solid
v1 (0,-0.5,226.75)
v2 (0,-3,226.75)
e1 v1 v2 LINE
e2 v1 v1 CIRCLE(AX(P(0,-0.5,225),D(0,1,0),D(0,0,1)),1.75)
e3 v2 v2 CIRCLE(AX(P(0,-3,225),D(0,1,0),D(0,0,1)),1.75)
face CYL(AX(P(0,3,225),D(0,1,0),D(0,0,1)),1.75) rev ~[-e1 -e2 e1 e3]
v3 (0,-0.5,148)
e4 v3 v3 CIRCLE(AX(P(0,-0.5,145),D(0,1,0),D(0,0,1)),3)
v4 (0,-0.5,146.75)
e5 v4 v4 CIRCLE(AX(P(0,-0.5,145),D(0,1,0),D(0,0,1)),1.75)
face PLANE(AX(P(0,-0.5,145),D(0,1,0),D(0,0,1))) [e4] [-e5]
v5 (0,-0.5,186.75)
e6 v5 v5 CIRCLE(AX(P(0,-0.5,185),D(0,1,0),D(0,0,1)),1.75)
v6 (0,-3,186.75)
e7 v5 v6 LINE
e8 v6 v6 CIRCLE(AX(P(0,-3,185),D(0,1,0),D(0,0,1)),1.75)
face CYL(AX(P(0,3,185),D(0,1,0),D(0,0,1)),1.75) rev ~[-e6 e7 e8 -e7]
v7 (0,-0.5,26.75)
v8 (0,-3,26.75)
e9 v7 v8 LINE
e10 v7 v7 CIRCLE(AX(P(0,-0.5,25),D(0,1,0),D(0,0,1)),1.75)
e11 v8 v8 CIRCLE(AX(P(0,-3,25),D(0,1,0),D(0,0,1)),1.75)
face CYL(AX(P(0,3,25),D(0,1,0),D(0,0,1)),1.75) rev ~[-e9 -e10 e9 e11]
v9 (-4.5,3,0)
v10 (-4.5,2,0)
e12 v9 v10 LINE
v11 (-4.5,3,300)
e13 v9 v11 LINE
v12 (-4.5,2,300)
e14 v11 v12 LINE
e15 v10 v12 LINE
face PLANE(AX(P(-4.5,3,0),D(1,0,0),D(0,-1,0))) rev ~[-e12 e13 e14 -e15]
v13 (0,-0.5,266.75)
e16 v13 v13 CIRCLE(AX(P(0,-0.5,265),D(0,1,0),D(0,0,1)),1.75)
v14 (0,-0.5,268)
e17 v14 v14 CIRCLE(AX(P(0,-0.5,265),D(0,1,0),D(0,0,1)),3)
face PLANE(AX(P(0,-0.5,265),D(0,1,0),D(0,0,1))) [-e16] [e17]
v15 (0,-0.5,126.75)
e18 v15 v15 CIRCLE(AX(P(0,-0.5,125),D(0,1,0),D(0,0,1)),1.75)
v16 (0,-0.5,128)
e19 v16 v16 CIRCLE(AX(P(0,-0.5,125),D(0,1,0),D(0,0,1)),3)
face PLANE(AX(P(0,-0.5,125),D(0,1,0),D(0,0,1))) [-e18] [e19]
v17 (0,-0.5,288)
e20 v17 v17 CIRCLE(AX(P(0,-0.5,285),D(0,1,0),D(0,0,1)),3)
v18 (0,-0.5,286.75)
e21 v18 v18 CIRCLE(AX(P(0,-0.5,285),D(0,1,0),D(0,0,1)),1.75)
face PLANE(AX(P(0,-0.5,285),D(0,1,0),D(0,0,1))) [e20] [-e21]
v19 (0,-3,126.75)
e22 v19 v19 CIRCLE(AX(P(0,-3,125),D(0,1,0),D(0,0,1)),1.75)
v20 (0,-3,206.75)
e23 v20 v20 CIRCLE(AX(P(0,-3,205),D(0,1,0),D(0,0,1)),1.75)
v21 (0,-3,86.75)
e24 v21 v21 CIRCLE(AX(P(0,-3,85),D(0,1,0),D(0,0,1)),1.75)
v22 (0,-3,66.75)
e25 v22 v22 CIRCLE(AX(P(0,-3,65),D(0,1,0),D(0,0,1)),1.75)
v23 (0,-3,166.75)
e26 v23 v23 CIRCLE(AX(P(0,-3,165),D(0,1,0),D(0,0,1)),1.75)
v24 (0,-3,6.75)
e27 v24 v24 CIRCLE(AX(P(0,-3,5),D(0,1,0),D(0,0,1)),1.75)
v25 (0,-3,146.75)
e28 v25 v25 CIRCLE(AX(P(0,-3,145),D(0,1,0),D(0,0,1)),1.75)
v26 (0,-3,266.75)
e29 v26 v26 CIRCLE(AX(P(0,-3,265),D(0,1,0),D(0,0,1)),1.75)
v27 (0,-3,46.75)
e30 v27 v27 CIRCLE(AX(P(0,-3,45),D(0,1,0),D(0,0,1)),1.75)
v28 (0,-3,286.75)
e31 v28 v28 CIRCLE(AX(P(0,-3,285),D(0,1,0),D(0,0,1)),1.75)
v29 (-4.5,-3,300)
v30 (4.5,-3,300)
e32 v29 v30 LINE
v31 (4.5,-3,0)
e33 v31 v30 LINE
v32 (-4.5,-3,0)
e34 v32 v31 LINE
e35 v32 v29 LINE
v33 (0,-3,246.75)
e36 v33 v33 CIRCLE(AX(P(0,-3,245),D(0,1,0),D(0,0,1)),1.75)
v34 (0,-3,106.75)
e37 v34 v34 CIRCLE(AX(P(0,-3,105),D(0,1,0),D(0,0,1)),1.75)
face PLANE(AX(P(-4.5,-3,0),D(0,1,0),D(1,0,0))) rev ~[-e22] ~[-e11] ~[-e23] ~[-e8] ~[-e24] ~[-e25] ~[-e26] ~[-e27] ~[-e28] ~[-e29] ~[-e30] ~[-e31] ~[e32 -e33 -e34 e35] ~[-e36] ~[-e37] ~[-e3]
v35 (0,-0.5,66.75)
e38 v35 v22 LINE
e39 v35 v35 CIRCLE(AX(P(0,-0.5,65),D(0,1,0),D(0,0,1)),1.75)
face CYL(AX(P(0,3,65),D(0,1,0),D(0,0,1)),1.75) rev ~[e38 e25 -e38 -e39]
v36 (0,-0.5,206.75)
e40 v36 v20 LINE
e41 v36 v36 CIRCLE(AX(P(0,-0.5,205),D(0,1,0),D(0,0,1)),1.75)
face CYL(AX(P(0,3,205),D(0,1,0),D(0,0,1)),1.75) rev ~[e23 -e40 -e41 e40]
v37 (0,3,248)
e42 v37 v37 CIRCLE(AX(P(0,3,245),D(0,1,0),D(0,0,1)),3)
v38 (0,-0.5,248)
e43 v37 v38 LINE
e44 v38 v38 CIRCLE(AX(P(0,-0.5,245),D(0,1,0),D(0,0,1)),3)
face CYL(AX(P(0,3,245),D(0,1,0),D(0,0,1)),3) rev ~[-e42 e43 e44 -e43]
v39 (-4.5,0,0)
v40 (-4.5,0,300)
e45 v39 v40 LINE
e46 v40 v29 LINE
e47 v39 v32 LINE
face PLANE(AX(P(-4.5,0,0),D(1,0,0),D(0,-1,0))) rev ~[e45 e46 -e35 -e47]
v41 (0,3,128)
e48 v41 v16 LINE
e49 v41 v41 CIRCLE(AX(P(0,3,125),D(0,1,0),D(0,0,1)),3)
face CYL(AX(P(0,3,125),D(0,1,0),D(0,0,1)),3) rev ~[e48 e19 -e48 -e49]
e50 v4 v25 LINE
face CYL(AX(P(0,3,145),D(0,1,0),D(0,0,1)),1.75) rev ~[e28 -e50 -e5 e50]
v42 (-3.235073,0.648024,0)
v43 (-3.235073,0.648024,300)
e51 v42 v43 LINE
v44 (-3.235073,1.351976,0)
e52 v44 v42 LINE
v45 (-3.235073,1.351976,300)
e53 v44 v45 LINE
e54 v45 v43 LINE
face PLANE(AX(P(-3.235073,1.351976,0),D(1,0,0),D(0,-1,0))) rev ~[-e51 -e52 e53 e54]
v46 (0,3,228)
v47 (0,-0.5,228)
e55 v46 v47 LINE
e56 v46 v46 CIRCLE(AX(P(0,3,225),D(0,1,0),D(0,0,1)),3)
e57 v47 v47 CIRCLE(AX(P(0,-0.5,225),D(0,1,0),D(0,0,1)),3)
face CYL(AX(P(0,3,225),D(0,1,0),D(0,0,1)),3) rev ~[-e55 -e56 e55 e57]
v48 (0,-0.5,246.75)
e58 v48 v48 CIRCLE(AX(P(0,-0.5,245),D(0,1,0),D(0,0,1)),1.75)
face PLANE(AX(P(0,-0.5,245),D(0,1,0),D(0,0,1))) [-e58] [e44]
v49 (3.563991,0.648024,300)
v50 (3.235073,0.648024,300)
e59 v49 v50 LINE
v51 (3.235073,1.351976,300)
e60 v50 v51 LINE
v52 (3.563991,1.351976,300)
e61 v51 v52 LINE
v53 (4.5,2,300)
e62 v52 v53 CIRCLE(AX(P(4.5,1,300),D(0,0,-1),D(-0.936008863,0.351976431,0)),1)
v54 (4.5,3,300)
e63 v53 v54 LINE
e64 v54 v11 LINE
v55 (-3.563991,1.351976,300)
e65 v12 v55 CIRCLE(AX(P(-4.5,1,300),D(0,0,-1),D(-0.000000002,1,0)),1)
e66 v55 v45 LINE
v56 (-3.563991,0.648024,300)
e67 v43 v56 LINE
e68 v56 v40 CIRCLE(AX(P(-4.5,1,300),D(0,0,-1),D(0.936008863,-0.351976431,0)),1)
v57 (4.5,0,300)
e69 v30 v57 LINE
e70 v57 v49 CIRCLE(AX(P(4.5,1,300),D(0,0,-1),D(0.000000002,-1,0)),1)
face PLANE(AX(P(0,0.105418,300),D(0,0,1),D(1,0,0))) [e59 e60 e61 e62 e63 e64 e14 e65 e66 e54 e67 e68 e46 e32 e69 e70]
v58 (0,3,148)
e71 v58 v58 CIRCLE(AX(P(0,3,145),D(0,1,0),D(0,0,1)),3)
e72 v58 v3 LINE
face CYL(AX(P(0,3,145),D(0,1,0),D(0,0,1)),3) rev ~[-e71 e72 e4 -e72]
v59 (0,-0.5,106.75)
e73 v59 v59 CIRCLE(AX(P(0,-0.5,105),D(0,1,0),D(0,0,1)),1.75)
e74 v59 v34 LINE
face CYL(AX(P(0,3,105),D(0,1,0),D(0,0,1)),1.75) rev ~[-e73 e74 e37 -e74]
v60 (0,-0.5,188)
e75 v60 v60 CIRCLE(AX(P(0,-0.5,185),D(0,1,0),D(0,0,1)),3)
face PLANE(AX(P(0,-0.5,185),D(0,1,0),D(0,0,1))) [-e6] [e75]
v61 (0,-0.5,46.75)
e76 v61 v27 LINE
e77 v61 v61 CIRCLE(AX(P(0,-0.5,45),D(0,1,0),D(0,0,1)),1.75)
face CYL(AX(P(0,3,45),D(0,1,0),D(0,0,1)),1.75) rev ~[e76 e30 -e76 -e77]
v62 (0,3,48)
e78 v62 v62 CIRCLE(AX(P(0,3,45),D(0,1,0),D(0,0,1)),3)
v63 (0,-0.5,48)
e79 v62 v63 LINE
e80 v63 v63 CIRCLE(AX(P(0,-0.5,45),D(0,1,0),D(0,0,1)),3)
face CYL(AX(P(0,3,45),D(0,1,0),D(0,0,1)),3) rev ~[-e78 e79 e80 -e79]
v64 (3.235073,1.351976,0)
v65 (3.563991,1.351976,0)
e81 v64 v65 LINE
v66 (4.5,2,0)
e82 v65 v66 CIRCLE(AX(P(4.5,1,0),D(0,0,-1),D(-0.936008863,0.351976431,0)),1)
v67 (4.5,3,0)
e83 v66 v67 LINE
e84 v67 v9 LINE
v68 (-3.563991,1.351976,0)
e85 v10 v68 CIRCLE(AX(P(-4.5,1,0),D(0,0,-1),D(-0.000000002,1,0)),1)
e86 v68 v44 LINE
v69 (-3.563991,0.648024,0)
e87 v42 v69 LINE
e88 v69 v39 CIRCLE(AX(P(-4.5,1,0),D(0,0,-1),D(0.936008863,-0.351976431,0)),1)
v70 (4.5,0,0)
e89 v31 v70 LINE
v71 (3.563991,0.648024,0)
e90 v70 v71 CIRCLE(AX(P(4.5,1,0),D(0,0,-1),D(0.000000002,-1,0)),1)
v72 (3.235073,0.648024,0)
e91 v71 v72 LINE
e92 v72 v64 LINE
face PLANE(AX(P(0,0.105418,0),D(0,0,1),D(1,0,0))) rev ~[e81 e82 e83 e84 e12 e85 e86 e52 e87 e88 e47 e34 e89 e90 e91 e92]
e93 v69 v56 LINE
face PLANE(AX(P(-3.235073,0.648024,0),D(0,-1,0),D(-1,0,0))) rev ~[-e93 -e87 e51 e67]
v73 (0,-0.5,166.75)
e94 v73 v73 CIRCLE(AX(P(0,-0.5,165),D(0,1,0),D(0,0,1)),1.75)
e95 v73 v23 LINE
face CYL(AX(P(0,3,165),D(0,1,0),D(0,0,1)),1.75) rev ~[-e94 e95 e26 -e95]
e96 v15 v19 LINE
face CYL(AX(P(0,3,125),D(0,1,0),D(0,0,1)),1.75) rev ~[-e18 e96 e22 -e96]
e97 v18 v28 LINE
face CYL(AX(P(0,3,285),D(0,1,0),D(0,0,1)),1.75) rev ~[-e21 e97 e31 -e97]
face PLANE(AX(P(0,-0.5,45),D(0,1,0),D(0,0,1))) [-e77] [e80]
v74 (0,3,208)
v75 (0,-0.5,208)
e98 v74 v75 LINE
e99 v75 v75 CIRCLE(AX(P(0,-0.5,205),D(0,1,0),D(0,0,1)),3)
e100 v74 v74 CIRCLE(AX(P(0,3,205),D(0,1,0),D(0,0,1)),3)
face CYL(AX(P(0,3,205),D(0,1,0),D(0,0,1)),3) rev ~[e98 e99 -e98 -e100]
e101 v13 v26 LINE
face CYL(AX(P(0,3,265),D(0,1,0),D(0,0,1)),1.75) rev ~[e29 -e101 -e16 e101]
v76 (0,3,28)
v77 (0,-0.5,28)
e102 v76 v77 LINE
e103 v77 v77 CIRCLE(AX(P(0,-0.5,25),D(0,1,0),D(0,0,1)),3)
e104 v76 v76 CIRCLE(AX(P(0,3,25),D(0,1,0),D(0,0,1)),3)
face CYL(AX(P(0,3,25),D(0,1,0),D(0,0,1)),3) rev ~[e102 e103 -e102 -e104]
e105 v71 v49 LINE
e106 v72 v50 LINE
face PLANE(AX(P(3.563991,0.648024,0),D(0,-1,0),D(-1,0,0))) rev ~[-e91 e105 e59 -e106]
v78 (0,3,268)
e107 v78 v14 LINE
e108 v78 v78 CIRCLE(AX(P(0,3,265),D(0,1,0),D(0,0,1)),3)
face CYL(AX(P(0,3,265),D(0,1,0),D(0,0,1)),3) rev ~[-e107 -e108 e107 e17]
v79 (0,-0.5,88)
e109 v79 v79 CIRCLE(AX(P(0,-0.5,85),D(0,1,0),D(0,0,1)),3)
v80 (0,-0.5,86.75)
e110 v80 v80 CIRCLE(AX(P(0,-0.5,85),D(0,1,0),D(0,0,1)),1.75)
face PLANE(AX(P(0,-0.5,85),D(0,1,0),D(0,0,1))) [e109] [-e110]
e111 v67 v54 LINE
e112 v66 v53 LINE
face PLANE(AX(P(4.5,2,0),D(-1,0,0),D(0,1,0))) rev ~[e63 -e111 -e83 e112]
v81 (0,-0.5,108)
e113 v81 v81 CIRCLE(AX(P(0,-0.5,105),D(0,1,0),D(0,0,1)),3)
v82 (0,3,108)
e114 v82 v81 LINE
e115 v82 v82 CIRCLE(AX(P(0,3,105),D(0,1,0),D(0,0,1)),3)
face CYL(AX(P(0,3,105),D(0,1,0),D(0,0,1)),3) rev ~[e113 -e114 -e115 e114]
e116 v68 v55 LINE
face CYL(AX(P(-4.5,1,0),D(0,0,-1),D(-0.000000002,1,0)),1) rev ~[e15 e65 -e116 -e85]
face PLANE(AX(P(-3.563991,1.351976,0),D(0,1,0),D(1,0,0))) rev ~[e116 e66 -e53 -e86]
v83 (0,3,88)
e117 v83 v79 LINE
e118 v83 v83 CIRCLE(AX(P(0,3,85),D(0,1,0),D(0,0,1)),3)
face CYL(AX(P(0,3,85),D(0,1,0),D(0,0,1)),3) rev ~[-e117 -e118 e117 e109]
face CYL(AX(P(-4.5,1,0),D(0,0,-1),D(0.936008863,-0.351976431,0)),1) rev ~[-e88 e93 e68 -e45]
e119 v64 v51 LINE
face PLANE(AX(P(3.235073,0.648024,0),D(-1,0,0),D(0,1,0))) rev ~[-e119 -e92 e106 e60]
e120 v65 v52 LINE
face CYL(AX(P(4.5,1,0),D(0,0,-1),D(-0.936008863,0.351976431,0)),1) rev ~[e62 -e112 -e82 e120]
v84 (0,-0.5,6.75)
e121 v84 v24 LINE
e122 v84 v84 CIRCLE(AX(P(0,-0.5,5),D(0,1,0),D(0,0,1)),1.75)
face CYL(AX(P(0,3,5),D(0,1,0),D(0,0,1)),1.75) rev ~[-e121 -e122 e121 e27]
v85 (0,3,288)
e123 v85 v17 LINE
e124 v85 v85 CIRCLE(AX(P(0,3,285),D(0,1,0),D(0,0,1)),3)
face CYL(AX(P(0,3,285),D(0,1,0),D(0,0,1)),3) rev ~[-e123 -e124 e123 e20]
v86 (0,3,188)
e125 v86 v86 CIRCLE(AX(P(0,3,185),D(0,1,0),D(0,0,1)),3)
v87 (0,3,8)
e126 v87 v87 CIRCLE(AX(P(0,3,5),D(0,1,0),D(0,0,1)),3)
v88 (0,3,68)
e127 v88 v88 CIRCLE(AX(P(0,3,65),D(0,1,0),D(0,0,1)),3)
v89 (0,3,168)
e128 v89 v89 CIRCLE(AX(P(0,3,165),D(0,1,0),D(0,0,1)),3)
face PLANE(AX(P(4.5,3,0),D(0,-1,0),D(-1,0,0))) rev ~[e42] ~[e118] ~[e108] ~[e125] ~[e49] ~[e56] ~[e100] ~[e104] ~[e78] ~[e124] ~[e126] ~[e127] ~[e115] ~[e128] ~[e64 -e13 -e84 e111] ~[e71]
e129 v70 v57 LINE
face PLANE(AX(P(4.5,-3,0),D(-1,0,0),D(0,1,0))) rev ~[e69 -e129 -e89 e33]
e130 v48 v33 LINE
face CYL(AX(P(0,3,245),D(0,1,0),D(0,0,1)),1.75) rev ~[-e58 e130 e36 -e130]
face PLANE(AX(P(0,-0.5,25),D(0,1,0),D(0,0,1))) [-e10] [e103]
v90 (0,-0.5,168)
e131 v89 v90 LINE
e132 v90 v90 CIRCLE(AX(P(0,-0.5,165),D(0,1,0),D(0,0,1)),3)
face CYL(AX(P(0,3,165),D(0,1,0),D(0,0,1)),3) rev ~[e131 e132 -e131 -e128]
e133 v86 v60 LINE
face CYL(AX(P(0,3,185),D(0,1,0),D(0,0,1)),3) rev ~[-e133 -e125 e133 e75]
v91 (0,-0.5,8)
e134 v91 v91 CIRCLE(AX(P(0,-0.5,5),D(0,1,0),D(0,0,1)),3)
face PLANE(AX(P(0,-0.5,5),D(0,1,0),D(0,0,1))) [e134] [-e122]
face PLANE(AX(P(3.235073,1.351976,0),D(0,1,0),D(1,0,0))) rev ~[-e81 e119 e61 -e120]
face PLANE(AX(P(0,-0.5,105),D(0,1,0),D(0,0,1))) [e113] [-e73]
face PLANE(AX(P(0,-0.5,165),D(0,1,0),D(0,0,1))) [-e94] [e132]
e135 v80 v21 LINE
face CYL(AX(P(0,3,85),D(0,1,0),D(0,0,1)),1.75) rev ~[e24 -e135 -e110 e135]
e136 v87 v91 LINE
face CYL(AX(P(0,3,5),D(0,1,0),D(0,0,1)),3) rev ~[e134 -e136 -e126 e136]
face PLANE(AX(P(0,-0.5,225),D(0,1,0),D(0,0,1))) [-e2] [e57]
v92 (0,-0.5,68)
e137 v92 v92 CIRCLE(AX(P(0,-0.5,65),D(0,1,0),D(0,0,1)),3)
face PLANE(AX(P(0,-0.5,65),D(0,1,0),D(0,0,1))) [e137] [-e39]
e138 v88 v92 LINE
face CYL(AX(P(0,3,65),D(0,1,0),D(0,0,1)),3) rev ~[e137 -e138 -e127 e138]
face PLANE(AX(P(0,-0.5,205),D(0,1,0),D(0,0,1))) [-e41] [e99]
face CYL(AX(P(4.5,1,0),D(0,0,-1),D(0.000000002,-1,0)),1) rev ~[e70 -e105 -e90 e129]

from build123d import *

# Parameters (mm, degrees)
EXTRUDE1_DEPTH  = 300
SKETCH2_R       = 3
EXTRUDE2_DEPTH  = 3.5
SKETCH_R        = 1.75
EXTRUDE3_DEPTH  = 301.093735356
LPATTERN1_COUNT = 15
LPATTERN1_PITCH = 20


with BuildPart() as part:
    # Sketch1 → Extrude1 (new body)
    with BuildSketch(Plane.XY):
        with BuildLine():
            Line((-4.5, -3), (4.5, -3))
            Line((4.5, -3), (4.5, 0))
            ThreePointArc((4.5, 0), (3.93077967, 0.177814974), (3.563991137, 0.648023568))
            Line((3.563991137, 0.648023568), (3.235073025, 0.648023568))
            Line((3.235073025, 0.648023568), (3.235073025, 1.351976432))
            Line((3.235073025, 1.351976432), (3.563991137, 1.351976432))
            ThreePointArc((3.563991137, 1.351976432), (3.93077967, 1.822185026), (4.5, 2))
            Line((4.5, 2), (4.5, 3))
            Line((4.5, 3), (-4.5, 3))
            Line((-4.5, 3), (-4.5, 2))
            ThreePointArc((-4.5, 2), (-3.93077967, 1.822185026), (-3.563991137, 1.351976432))
            Line((-3.563991137, 1.351976432), (-3.235073025, 1.351976432))
            Line((-3.235073025, 1.351976432), (-3.235073025, 0.648023568))
            Line((-3.235073025, 0.648023568), (-3.563991137, 0.648023568))
            ThreePointArc((-3.563991137, 0.648023568), (-3.93077967, 0.177814974), (-4.5, 0))
            Line((-4.5, 0), (-4.5, -3))
        make_face()
    extrude(amount=EXTRUDE1_DEPTH)

    # Sketch2 → Extrude2 (cut)
    with BuildSketch(Plane(origin=(0, 3, 0), x_dir=(1, 0, 0), z_dir=(0, 1, 0))):
        with Locations(Location((0, -5, 0), (0, 0, 270))):
            Circle(SKETCH2_R)
    extrude2 = extrude(amount=-EXTRUDE2_DEPTH, mode=Mode.SUBTRACT)

    # Sketch → Extrude3 (cut, through all)
    with BuildSketch(Plane(origin=(0, 3, 0), x_dir=(1, 0, 0), z_dir=(0, 1, 0))):
        with Locations(Location((0, -5, 0), (0, 0, 270))):
            Circle(SKETCH_R)
    extrude3 = extrude(amount=-EXTRUDE3_DEPTH, mode=Mode.SUBTRACT)

    # LPattern1: Extrude2, Extrude3 ×15
    with Locations(*[(0, 0, i * LPATTERN1_PITCH) for i in range(1, LPATTERN1_COUNT)]):
        add(extrude2, mode=Mode.SUBTRACT)
        add(extrude3, mode=Mode.SUBTRACT)


solid = part.part
